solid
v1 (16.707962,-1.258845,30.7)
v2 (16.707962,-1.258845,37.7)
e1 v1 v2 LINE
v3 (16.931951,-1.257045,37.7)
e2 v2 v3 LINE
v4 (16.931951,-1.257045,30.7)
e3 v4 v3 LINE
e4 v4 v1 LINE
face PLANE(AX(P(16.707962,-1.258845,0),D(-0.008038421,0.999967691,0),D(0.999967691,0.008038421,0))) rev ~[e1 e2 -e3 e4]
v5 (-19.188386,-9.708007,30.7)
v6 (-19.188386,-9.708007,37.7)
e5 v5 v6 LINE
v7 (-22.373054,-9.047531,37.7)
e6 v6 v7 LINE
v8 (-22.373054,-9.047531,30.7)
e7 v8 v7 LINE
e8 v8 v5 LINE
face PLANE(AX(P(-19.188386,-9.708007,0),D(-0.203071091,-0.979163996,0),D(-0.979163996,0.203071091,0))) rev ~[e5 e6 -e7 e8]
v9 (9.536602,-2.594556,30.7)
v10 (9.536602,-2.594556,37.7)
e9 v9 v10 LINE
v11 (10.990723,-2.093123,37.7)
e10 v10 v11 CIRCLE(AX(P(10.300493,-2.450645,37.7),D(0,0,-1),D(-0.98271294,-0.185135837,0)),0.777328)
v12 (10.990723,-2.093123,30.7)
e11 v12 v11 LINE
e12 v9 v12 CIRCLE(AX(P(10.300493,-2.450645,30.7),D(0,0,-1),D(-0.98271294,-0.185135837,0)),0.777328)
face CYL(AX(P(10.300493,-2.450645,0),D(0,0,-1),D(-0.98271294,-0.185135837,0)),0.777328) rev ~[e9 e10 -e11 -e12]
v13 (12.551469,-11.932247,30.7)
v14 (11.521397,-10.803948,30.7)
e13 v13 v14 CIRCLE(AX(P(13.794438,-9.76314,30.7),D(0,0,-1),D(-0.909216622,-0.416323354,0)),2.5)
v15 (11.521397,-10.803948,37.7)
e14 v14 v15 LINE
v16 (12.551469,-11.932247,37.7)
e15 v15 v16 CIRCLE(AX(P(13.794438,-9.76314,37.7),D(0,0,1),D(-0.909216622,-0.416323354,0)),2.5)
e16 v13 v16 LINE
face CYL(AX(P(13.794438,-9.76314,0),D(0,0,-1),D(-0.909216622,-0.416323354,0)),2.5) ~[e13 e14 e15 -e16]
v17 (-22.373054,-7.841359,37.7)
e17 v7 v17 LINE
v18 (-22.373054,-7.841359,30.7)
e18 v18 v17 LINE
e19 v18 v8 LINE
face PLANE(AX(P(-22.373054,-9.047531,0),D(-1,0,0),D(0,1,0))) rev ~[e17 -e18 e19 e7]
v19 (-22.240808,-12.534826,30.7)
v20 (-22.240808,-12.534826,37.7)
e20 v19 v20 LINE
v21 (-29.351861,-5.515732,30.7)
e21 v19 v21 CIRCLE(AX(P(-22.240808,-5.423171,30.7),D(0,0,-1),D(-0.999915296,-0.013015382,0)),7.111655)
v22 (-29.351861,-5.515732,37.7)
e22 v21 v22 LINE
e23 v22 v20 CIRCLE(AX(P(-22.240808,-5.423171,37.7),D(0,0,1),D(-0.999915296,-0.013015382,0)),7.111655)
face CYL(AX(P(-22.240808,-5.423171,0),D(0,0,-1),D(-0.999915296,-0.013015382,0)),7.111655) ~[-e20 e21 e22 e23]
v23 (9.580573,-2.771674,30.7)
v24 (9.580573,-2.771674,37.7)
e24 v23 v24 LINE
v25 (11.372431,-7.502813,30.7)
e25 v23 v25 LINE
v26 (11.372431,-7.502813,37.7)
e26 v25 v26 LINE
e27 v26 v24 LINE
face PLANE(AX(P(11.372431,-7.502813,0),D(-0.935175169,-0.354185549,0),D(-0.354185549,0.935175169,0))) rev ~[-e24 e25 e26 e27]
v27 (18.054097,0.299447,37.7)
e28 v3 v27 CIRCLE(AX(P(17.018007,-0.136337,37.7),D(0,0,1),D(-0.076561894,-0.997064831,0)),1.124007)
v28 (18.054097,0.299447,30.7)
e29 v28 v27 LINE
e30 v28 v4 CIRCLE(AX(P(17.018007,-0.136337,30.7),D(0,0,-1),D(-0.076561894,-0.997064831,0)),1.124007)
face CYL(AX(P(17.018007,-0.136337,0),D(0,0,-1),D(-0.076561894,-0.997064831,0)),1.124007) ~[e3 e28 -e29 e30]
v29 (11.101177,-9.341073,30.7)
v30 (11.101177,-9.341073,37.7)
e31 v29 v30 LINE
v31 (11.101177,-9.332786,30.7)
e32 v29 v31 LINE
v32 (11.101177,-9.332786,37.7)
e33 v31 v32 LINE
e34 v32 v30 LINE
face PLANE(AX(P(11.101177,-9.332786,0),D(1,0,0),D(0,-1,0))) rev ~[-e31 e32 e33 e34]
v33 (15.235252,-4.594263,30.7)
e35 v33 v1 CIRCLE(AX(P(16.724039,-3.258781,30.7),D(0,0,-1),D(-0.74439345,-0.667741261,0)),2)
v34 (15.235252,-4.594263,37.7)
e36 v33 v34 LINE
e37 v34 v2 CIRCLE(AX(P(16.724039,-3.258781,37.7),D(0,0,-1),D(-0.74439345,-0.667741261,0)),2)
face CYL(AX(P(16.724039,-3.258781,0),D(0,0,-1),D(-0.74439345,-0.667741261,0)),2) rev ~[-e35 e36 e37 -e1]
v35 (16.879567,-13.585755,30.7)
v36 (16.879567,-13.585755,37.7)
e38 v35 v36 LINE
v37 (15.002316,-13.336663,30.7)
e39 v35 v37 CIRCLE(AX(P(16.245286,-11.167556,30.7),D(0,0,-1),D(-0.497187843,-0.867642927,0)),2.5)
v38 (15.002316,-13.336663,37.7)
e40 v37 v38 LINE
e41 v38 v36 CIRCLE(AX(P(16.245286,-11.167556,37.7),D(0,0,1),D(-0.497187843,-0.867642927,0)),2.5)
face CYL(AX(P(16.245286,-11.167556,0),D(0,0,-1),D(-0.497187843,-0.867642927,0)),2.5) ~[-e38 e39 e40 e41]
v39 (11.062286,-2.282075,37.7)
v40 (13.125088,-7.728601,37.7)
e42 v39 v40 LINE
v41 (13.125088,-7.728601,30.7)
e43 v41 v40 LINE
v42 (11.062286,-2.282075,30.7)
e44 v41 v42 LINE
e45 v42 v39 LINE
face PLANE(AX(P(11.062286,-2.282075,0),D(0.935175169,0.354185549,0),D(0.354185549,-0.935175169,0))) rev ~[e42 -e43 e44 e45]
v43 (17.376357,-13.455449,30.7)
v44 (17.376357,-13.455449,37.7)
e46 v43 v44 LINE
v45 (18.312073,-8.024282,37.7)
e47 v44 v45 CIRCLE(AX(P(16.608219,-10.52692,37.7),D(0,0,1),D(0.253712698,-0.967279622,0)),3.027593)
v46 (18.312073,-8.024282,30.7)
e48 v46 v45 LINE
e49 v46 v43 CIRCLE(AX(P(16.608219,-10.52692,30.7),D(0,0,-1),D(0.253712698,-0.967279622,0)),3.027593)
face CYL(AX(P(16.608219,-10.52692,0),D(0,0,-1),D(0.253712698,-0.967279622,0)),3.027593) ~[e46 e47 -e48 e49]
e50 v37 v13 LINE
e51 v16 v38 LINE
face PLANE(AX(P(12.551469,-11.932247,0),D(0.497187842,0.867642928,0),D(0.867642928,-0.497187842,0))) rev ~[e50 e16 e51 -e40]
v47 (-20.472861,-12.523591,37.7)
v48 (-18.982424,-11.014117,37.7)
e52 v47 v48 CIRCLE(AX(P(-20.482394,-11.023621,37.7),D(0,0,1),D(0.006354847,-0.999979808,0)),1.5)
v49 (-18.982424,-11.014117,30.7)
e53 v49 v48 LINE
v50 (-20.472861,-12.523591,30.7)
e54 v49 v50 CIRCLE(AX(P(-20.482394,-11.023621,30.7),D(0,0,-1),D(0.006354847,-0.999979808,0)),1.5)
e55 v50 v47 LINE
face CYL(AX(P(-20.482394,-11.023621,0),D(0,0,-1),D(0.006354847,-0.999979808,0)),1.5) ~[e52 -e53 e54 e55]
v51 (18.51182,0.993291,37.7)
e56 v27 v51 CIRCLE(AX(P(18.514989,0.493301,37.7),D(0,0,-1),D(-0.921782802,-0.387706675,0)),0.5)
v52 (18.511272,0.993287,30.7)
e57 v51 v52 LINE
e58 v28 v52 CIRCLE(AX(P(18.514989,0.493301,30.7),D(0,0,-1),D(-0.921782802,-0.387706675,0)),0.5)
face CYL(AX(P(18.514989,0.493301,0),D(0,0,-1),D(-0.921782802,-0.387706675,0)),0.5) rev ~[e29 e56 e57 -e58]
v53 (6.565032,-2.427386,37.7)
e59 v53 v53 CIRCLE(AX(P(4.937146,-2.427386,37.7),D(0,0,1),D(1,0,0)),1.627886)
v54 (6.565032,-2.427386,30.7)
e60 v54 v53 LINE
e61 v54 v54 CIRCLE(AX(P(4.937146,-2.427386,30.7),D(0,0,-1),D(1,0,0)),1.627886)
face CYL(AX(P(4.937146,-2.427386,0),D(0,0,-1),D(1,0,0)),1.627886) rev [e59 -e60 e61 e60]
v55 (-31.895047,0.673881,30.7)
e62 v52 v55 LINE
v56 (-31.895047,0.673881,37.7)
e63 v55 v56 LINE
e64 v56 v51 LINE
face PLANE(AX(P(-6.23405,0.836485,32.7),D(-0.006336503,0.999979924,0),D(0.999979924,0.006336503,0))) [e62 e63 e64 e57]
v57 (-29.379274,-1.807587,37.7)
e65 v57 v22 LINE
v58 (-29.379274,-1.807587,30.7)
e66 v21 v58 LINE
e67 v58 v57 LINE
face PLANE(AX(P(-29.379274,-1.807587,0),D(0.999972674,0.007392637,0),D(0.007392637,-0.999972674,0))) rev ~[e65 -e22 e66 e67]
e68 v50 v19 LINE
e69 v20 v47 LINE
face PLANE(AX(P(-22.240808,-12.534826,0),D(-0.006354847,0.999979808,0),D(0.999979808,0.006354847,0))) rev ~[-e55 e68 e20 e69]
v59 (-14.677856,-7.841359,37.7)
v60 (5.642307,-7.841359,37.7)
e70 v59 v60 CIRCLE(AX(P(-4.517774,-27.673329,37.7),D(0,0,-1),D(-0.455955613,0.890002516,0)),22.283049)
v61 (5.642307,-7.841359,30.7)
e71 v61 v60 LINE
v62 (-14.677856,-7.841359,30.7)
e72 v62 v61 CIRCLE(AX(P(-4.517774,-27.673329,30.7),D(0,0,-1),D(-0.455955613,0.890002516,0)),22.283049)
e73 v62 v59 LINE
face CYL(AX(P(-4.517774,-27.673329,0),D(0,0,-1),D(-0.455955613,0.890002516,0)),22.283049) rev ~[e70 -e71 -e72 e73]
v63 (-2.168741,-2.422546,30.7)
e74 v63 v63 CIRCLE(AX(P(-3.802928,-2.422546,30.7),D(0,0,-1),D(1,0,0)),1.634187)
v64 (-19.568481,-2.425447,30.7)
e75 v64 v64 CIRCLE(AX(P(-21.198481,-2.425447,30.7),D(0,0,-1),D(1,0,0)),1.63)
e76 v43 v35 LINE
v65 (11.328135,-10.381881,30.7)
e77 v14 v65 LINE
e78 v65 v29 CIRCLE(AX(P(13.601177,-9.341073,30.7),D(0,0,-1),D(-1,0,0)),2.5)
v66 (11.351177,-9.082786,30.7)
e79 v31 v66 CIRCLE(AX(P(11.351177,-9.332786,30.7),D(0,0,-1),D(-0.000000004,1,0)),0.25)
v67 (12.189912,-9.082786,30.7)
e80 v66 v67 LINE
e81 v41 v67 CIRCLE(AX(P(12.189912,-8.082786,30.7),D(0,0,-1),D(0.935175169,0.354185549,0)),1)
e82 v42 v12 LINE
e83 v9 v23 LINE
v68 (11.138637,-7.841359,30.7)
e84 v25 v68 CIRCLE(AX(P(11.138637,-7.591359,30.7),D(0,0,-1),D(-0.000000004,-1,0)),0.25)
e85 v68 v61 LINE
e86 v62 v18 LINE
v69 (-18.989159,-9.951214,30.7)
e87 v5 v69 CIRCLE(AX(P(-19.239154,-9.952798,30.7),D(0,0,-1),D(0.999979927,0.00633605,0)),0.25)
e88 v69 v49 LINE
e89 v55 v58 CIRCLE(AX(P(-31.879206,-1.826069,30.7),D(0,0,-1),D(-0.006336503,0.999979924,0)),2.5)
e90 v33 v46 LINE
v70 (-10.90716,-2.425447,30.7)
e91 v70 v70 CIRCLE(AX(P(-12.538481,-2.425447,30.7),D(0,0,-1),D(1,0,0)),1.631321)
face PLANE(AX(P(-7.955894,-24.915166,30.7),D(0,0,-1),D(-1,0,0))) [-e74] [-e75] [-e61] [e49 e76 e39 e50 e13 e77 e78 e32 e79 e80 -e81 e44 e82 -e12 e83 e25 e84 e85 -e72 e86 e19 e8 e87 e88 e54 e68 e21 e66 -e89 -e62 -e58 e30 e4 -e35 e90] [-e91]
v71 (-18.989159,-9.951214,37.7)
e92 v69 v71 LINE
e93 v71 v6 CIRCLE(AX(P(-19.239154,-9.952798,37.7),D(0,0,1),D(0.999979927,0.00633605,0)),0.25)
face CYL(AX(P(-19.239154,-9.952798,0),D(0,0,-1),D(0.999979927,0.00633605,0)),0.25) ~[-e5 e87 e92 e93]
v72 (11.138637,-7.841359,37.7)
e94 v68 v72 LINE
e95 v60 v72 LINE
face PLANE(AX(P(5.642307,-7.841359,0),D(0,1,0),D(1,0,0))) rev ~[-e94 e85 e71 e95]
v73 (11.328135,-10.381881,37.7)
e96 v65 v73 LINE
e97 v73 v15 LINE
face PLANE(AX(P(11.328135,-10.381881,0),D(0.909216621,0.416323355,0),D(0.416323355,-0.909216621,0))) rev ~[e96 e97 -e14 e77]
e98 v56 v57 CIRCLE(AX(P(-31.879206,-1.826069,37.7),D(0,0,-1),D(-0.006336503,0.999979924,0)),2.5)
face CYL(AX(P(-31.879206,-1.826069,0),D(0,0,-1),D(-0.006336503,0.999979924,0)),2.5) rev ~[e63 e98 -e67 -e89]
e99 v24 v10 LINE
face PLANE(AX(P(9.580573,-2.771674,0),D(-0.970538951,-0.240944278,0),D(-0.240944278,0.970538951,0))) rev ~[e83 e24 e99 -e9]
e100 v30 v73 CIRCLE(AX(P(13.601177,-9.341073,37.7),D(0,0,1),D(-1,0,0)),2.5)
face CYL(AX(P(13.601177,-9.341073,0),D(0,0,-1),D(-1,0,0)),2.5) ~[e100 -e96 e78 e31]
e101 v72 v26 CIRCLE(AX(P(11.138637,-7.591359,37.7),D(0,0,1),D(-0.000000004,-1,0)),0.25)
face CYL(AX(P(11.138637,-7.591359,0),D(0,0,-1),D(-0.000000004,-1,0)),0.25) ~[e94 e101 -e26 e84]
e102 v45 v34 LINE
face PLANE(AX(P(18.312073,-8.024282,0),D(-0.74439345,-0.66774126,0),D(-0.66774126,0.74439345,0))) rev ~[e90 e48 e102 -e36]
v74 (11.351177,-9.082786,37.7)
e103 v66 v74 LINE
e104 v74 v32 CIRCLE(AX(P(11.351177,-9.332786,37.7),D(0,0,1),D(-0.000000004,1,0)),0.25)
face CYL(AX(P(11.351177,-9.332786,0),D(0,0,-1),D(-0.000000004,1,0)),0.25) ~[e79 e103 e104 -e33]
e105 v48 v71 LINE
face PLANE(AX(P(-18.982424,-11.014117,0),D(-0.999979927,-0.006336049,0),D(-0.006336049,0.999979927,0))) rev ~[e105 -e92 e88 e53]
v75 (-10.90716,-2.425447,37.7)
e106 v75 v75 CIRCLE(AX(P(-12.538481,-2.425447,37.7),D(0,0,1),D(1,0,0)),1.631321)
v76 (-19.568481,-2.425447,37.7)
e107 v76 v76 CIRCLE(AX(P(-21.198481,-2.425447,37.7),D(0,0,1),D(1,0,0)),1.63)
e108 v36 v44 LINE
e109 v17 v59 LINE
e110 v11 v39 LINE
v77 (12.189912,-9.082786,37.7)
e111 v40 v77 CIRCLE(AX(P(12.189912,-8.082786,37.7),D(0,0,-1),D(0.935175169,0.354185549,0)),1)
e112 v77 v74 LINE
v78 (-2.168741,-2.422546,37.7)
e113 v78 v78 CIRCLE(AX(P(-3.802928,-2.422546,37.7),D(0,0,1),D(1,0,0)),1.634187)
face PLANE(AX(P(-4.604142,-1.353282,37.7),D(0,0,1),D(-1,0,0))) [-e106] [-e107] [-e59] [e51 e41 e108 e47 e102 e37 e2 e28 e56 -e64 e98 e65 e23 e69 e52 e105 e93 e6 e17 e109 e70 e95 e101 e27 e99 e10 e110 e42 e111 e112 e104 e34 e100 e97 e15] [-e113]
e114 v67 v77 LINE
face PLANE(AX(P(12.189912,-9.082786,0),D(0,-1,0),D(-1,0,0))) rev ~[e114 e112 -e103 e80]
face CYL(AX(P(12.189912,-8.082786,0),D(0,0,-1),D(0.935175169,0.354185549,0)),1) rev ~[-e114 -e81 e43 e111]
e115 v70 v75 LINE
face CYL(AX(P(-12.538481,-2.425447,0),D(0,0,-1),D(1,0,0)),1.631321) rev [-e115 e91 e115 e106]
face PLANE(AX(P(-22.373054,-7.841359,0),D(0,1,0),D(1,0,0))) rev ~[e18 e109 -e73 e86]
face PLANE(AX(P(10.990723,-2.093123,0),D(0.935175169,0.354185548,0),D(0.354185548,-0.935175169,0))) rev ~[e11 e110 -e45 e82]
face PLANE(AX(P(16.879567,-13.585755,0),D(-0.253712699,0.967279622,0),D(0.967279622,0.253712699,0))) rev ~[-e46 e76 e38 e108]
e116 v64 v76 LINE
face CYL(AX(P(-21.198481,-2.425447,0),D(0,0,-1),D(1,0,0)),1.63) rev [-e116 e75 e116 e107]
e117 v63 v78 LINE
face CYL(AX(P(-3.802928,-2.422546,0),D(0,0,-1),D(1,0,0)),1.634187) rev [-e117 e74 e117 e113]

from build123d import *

# Parameters (mm, degrees)
SZKIC1_R                    = 1.63
SZKIC1_R_2                  = 1.627886045
SZKIC1_R_3                  = 1.634186666
SZKIC1_R_4                  = 1.631321013
DODANIE_WYCI_GNI_CIE1_DEPTH = 37.7
SZKIC2_W                    = 96.882996132
SZKIC2_H                    = 10
WYTNIJ_WYCI_GNI_CIE1_DEPTH  = 3.027599165
SZKIC4_W                    = 27.7
SZKIC4_H                    = 3.027599165
DODANIE_WYCI_GNI_CIE2_DEPTH = 4.6
SZKIC5_W                    = 27.7
SZKIC5_H                    = 3.027593756
DODANIE_WYCI_GNI_CIE4_DEPTH = 4.6
WYTNIJ_WYCI_GNI_CIE2_REACH  = 74.407
SZKIC6_R                    = 2.5
SZKIC7_W                    = 110.003784397
SZKIC7_H                    = 59.74457964
WYTNIJ_WYCI_GNI_CIE4_DEPTH  = 30.7


with BuildPart() as part:
    # Szkic1 → Dodanie-wyciągnięcie1 (new body)
    with BuildSketch(Plane(origin=(0, 0, 0), x_dir=(-1, 0, 0), z_dir=(0, 0, 1))):
        with BuildLine():
            Line((-42.206476447, -1.143440143), (-42.187291437, -4.170973113))
            Line((-42.187291437, -4.170973113), (54.693759689, -3.557073712))
            Line((54.693759689, -3.557073712), (54.674575297, -0.529535329))
            Line((54.674575297, -0.529535329), (31.895047363, -0.673880775))
            ThreePointArc((31.895047363, -0.673880775), (30.123615765, 0.046208772), (29.379274421, 1.807587444))
            Line((29.379274421, 1.807587444), (29.351860706, 5.515732081))
            ThreePointArc((29.351860706, 5.515732081), (27.236675167, 10.484490063), (22.240808109, 12.534826154))
            Line((22.240808109, 12.534826154), (20.472861468, 12.523590896))
            ThreePointArc((20.472861468, 12.523590896), (19.415024557, 12.077529638), (18.982423849, 11.01411711))
            Line((18.982423849, 11.01411711), (18.989158593, 9.951213651))
            ThreePointArc((18.989158593, 9.951213651), (19.04575769, 9.79437408), (19.188385802, 9.708006664))
            Line((19.188385802, 9.708006664), (22.37305409, 9.047530924))
            Line((22.37305409, 9.047530924), (22.37305409, 7.841359432))
            Line((22.37305409, 7.841359432), (14.677855674, 7.841359432))
            ThreePointArc((14.677855674, 7.841359432), (4.517774256, 5.390280076), (-5.642307162, 7.841359432))
            Line((-5.642307162, 7.841359432), (-11.13863745, 7.841359432))
            ThreePointArc((-11.13863745, 7.841359432), (-11.344351569, 7.733421748), (-11.372431243, 7.502813045))
            Line((-11.372431243, 7.502813045), (-9.580573211, 2.77167383))
            Line((-9.580573211, 2.77167383), (-9.53660226, 2.594556029))
            ThreePointArc((-9.53660226, 2.594556029), (-10.047085724, 1.71578131), (-10.990723107, 2.09312315))
            Line((-10.990723107, 2.09312315), (-11.062286258, 2.28207519))
            Line((-11.062286258, 2.28207519), (-13.125087597, 7.728600603))
            ThreePointArc((-13.125087597, 7.728600603), (-13.0127689, 8.651035416), (-12.189912428, 9.082786152))
            Line((-12.189912428, 9.082786152), (-11.351176976, 9.082786152))
            ThreePointArc((-11.351176976, 9.082786152), (-11.174400281, 9.156009457), (-11.101176976, 9.332786152))
            Line((-11.101176976, 9.332786152), (-11.101176976, 9.341072815))
            ThreePointArc((-11.101176976, 9.341072815), (-11.158575506, 9.873705952), (-11.328135423, 10.381881202))
            Line((-11.328135423, 10.381881202), (-11.52139656, 10.803947934))
            ThreePointArc((-11.52139656, 10.803947934), (-11.948131465, 11.44871119), (-12.551468508, 11.932246866))
            Line((-12.551468508, 11.932246866), (-15.002316135, 13.336662904))
            ThreePointArc((-15.002316135, 13.336662904), (-15.916443983, 13.645833839), (-16.879567484, 13.585754641))
            Line((-16.879567484, 13.585754641), (-17.376357402, 13.455449083))
            ThreePointArc((-17.376357402, 13.455449083), (-19.591854135, 11.040960081), (-18.31207326, 8.024282466))
            Line((-18.31207326, 8.024282466), (-15.235252345, 4.594263276))
            ThreePointArc((-15.235252345, 4.594263276), (-14.894447251, 2.450948387), (-16.707962408, 1.258845372))
            Line((-16.707962408, 1.258845372), (-16.931951142, 1.257044798))
            ThreePointArc((-16.931951142, 1.257044798), (-17.929768207, 0.793667315), (-18.054097125, -0.299447458))
            ThreePointArc((-18.054097125, -0.299447458), (-18.09762478, -0.768632421), (-18.511820167, -0.993290758))
            Line((-18.511820167, -0.993290758), (-42.206476447, -1.143440143))
        make_face()
        with Locations(Location((21.198480742, 2.425447379, 0), (0, 0, 180))):
            Circle(SZKIC1_R, mode=Mode.SUBTRACT)
        with Locations(Location((-4.937145948, 2.427386246, 0), (0, 0, 180))):
            Circle(SZKIC1_R_2, mode=Mode.SUBTRACT)
        with Locations(Location((3.802928012, 2.422545785, 0), (0, 0, 180))):
            Circle(SZKIC1_R_3, mode=Mode.SUBTRACT)
        with Locations(Location((12.538480742, 2.425447379, 0), (0, 0, 180))):
            Circle(SZKIC1_R_4, mode=Mode.SUBTRACT)
    extrude(amount=DODANIE_WYCI_GNI_CIE1_DEPTH)

    # Szkic2 → Wytnij-wyciągnięcie1 (cut)
    with BuildSketch(Plane(origin=(-0.02473498, 3.903491109, 0), x_dir=(0.9999799241630359, 0.006336503048932176, 0), z_dir=(-0.006336503048932176, 0.9999799241630359, 0))):
        with Locations((-6.228624191, -32.7)):
            Rectangle(SZKIC2_W, SZKIC2_H)
    extrude(amount=-WYTNIJ_WYCI_GNI_CIE1_DEPTH, mode=Mode.SUBTRACT)

    # Szkic4 → Dodanie-wyciągnięcie2 (add)
    with BuildSketch(Plane(origin=(-54.669024709, -0.346417396, 0), x_dir=(0, 0, 1), z_dir=(-0.9999799241630359, -0.006336503048932243, 0))):
        with Locations((13.85, 2.389769894)):
            Rectangle(SZKIC4_W, SZKIC4_H)
    extrude(amount=DODANIE_WYCI_GNI_CIE2_DEPTH)

    # Szkic5 → Dodanie-wyciągnięcie4 (add)
    with BuildSketch(Plane(origin=(42.212027201, 0.26749111, 0), x_dir=(0, 0, -1), z_dir=(0.9999799227968423, 0.00633671864778665, 0))):
        with Locations((-13.85, 2.389763497)):
            Rectangle(SZKIC5_W, SZKIC5_H)
    extrude(amount=DODANIE_WYCI_GNI_CIE4_DEPTH)

    # Wytnij-wyciągnięcie2: up to this face of the body (flat: up to its plane)
    wytnij_wyci_gni_cie2_end = Plane(part.part.faces().sort_by_distance((-45.584765156, 0.587134095, 13.85))[0])
    # Szkic6 → Wytnij-wyciągnięcie2 (cut, up to the picked face)
    with BuildSketch(Plane(origin=(-0.02473498, 3.903491109, 0), x_dir=(0.9999799241630359, 0.006336503048932172, 0), z_dir=(-0.006336503048932172, 0.9999799241630359, 0)), mode=Mode.PRIVATE) as wytnij_wyci_gni_cie2_sk1:
        with Locations((-53.770122257, -7.5)):
            Circle(SZKIC6_R)
    wytnij_wyci_gni_cie2_tool1 = split(extrude(wytnij_wyci_gni_cie2_sk1.sketch, amount=-WYTNIJ_WYCI_GNI_CIE2_REACH, mode=Mode.PRIVATE), bisect_by=wytnij_wyci_gni_cie2_end, keep=Keep.BOTH, mode=Mode.PRIVATE)
    # Szkic6 → Wytnij-wyciągnięcie2 (cut, up to the picked face)
    with BuildSketch(Plane(origin=(-0.02473498, 3.903491109, 0), x_dir=(0.9999799241630359, 0.006336503048932172, 0), z_dir=(-0.006336503048932172, 0.9999799241630359, 0)), mode=Mode.PRIVATE) as wytnij_wyci_gni_cie2_sk2:
        with Locations((41.312873875, -7.5)):
            Circle(SZKIC6_R)
    wytnij_wyci_gni_cie2_tool2 = split(extrude(wytnij_wyci_gni_cie2_sk2.sketch, amount=-WYTNIJ_WYCI_GNI_CIE2_REACH, mode=Mode.PRIVATE), bisect_by=wytnij_wyci_gni_cie2_end, keep=Keep.BOTH, mode=Mode.PRIVATE)
    add(wytnij_wyci_gni_cie2_tool1.solids().sort_by(Axis((-53.793778, 3.562777, 7.5), (0.006336503048932172, -0.9999799241630359, 0)))[0], mode=Mode.SUBTRACT)
    add(wytnij_wyci_gni_cie2_tool2.solids().sort_by(Axis((41.28731, 4.16527, 7.5), (0.006336503048932172, -0.9999799241630359, 0)))[0], mode=Mode.SUBTRACT)

    # Szkic7 → Wytnij-wyciągnięcie4 (cut)
    with BuildSketch(Plane(origin=(0, 0, 0), x_dir=(-1, 0, 0), z_dir=(0, 0, -1))):
        with Locations((7.955893791, -24.915165787)):
            Rectangle(SZKIC7_W, SZKIC7_H)
    extrude(amount=-WYTNIJ_WYCI_GNI_CIE4_DEPTH, mode=Mode.SUBTRACT)


with BuildPart() as wytnij_wyci_gni_cie4_kept_piece:
    # of the separate pieces the step leaves, the one the design keeps (wytnij_wyci_gni_cie4_pieces_kept)
    add(part.part.solids().sort_by_distance((18.31207326, -8.024282466, 30.7))[0])


solid = wytnij_wyci_gni_cie4_kept_piece.part
